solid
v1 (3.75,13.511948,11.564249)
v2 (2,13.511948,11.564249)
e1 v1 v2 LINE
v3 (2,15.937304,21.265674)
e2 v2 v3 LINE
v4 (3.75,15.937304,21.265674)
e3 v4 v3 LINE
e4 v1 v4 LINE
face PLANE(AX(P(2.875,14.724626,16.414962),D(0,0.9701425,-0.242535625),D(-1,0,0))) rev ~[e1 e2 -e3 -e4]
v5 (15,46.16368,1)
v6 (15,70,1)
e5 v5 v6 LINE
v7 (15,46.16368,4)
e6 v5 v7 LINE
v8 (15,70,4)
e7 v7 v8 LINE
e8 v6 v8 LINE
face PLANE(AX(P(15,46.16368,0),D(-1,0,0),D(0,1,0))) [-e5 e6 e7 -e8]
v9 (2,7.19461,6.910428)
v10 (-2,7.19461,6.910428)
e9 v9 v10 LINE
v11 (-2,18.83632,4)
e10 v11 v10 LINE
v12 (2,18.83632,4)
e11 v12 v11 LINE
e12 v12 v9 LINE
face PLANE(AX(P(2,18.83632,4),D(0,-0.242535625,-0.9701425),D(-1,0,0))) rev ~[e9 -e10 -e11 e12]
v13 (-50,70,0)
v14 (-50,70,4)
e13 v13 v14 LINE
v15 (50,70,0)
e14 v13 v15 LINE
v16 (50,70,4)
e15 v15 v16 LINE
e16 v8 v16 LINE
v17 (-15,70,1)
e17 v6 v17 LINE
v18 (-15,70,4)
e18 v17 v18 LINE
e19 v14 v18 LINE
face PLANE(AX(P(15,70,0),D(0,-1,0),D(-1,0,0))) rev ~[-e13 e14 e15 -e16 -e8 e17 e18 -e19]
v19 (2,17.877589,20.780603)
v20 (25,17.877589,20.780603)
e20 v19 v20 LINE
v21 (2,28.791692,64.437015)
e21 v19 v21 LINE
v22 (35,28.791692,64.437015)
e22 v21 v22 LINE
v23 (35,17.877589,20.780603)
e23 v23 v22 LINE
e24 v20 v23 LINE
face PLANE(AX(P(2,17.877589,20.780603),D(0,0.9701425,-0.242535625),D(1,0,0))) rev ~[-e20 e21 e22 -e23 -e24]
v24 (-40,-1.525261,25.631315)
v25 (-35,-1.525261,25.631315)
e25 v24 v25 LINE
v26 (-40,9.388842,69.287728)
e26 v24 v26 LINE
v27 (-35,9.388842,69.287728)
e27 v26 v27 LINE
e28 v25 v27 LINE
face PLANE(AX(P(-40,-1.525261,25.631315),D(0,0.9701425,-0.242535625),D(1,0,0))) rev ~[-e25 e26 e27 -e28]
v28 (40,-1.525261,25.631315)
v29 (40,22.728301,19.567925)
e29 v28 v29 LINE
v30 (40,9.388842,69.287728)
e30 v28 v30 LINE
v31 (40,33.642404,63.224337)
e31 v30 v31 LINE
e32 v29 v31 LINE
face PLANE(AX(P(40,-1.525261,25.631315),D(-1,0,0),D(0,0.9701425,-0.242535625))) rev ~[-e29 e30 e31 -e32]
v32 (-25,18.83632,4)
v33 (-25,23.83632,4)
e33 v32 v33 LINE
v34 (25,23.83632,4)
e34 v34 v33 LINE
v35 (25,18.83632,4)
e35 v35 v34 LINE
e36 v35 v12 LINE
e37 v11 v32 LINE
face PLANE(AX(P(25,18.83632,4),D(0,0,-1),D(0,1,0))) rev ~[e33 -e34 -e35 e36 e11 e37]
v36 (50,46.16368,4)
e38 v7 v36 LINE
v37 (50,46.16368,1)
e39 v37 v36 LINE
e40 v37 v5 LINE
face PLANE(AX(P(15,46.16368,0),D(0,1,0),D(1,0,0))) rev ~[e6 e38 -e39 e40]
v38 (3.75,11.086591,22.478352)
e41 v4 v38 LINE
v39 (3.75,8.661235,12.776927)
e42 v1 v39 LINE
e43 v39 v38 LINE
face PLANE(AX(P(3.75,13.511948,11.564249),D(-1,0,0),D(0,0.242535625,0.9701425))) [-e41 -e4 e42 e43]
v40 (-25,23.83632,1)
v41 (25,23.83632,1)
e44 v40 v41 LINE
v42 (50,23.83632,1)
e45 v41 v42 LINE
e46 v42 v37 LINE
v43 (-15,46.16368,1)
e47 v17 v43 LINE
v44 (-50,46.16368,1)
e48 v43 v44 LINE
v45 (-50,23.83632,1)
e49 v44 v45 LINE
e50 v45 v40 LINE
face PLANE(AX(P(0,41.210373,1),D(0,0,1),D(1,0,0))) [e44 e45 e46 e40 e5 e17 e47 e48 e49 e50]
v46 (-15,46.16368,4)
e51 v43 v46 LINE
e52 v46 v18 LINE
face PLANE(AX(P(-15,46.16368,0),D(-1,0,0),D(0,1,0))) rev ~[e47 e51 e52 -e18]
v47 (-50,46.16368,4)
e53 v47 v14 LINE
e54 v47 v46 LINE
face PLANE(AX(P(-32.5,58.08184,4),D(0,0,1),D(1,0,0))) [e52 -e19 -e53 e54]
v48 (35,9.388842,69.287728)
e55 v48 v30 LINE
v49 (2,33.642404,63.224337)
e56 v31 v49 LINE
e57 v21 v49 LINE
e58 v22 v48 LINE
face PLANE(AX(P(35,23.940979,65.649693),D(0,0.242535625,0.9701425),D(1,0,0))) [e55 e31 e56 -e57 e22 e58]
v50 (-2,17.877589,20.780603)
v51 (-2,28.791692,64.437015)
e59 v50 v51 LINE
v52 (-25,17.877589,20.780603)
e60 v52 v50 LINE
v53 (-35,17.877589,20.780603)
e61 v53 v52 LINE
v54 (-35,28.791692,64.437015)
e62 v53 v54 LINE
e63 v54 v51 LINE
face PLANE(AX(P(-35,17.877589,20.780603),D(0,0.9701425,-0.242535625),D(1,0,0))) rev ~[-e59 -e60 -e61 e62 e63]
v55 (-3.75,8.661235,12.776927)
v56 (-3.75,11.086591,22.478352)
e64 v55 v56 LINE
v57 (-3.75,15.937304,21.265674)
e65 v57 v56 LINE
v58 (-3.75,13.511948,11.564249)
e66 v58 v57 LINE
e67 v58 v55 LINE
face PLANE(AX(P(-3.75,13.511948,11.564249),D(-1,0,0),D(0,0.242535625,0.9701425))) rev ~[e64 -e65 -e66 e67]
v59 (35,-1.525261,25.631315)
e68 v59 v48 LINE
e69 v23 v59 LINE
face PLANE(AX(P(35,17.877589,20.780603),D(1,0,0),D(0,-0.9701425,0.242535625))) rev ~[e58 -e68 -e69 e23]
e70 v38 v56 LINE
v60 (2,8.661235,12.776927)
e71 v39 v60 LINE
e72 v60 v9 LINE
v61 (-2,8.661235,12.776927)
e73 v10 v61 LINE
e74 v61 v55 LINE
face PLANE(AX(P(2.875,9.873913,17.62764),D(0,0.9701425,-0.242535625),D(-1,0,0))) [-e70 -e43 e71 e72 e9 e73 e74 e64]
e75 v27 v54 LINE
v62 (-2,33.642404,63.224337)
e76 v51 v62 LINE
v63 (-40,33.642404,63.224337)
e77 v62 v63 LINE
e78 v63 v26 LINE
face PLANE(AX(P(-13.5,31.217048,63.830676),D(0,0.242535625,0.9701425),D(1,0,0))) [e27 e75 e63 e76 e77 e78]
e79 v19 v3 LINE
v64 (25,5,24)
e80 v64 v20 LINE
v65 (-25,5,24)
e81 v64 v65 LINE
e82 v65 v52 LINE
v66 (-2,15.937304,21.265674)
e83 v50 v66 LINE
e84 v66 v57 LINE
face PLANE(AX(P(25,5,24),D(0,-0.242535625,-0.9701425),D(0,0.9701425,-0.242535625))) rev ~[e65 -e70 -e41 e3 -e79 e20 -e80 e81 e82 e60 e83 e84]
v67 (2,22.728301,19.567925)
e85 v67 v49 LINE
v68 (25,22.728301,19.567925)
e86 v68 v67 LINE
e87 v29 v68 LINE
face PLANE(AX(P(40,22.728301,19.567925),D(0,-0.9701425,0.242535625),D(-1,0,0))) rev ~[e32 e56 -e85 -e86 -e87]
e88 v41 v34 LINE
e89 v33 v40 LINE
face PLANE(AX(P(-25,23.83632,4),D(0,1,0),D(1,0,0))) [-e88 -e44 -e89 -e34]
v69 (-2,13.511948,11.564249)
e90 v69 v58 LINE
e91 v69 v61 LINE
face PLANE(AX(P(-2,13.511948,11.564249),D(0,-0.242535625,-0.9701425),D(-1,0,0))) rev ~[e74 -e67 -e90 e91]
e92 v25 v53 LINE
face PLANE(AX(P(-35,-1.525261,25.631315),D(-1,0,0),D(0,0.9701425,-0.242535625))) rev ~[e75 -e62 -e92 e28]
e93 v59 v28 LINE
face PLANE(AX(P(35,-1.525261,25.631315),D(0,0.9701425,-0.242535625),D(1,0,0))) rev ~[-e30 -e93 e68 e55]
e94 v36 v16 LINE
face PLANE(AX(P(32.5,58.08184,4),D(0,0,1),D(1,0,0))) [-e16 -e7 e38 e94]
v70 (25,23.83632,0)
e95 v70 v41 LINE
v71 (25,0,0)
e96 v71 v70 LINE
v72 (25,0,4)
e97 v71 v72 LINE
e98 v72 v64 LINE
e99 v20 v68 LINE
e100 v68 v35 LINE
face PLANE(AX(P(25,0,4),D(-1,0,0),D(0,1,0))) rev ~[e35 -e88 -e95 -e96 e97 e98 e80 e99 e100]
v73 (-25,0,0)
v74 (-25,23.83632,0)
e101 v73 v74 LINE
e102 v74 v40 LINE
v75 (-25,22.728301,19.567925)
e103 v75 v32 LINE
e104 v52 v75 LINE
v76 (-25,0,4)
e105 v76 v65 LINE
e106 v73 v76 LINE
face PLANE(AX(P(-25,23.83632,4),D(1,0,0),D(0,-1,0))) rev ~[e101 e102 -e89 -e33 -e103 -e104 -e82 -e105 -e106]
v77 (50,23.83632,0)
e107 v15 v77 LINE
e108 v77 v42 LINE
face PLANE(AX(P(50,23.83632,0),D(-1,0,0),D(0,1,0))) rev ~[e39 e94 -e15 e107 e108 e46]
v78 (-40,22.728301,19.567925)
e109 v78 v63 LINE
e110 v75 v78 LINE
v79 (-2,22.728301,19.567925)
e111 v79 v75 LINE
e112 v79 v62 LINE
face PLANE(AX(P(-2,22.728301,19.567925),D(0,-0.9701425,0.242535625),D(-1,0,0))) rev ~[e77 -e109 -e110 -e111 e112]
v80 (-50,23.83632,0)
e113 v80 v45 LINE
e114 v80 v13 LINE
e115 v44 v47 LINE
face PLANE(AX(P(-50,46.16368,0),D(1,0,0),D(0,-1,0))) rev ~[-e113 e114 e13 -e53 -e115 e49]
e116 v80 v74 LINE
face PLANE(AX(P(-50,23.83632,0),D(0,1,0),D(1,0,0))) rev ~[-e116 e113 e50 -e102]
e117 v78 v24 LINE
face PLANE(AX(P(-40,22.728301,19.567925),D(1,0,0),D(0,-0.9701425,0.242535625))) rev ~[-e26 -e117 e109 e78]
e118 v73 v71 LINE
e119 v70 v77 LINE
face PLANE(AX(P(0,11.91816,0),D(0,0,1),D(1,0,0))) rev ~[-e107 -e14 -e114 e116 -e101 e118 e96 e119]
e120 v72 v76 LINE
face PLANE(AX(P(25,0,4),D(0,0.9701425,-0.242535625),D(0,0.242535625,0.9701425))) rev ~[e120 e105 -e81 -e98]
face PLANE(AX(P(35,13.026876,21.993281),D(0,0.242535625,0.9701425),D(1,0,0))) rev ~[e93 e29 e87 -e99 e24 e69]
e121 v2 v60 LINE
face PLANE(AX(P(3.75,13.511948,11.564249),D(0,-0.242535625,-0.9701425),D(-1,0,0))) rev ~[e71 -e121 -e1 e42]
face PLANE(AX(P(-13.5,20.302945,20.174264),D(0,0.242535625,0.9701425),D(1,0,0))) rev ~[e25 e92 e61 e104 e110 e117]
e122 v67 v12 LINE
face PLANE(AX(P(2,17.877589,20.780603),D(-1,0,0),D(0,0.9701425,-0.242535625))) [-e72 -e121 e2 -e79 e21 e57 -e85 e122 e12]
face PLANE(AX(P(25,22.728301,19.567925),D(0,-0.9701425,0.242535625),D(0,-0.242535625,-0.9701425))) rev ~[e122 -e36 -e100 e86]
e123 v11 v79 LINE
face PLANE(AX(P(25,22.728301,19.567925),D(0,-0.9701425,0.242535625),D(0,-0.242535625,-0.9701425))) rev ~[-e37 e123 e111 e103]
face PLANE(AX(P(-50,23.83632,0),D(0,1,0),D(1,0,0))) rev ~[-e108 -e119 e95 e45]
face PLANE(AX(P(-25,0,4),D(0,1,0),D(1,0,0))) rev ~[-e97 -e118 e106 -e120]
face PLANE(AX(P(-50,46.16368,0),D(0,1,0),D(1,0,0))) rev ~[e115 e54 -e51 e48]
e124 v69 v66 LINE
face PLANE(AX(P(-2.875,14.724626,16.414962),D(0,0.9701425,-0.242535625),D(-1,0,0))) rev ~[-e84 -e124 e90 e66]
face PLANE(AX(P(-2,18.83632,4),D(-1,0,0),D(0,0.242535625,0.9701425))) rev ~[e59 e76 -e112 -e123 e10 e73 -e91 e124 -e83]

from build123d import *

# Parameters (mm, degrees)
F1_DEPTH  = 1
F0_W      = 50
F0_H      = 23.8363201171
F0_W_2    = 35
F2_DEPTH  = 4
F3_W      = 50
F3_H      = 5
F3_H_2    = 13.8363201171
F4_DEPTH  = 20
F6_DEPTH  = 50
F7_W      = 4
F7_H      = 10
F7_H_2    = 6.0470494551
F8_DEPTH  = 12
F9_START  = -7
F7_W_2    = 1.75
F9_DEPTH  = 5
F10_W     = 23
F10_H     = 5
F11_DEPTH = 45


with BuildPart() as f1:
    # F0 (on Top) → F1 (new body)
    with BuildSketch(Plane.XY):
        Polygon((-50, 46.1636798829), (-50, 23.8363201171), (-25, 23.8363201171), (25, 23.8363201171), (50, 23.8363201171), (50, 46.1636798829), (15, 46.1636798829), (15, 70), (-15, 70), (-15, 46.1636798829), align=None)
    extrude(amount=F1_DEPTH)

    # F0 (on Top) → F2 (join)
    with BuildSketch(Plane.XY):
        with Locations((0, 11.9181600586)):
            Rectangle(F0_W, F0_H)
        with Locations((32.5, 58.0818399414)):
            Rectangle(F0_W_2, F0_H)
        with Locations((-32.5, 58.0818399414)):
            Rectangle(F0_W_2, F0_H)
    extrude(amount=F2_DEPTH)

    # F3 (on face) → F4 (join)
    with BuildSketch(Plane.XY.offset(4)):
        with Locations((0, 21.3363201171)):
            Rectangle(F3_W, F3_H)
        with Locations((0, 11.9181600586)):
            Rectangle(F3_W, F3_H_2)
        with Locations((0, 2.5)):
            Rectangle(F3_W, F3_H)
    extrude(amount=F4_DEPTH)

    # F5 (on face) → F6 (cut)
    with BuildSketch(Plane.YZ.offset(25)):
        Polygon((0, 24), (0, 4), (5, 24), align=None)
        Polygon((22.7283012867, 19.5679246783), (18.8363201171, 4), (23.8363201171, 4), (23.8363201171, 24), align=None)
        Polygon((23.8363201171, 24), (5, 24), (22.7283012867, 19.5679246783), align=None)
    extrude(amount=-F6_DEPTH, mode=Mode.SUBTRACT)

    # F7 (on face) → F8 (cut)
    with BuildSketch(Plane(origin=(0, 16.7871248161, -4.196781204), x_dir=(-1, 0, 0), z_dir=(0, 0.9701425001, -0.242535625))):
        with Locations((0, 19.4960981287)):
            Rectangle(F7_W, F7_H)
        with Locations((0, 11.4725734011)):
            Rectangle(F7_W, F7_H_2)
    extrude(amount=-F8_DEPTH, mode=Mode.SUBTRACT)

    # F7 (on face) → F9 (cut)
    with BuildSketch(Plane(origin=(0, 16.7871248161, -4.196781204), x_dir=(-1, 0, 0), z_dir=(0, 0.9701425001, -0.242535625)).offset(F9_START)):
        with Locations((2.875, 19.4960981287)):
            Rectangle(F7_W_2, F7_H)
        with Locations((-2.875, 19.4960981287)):
            Rectangle(F7_W_2, F7_H)
    extrude(amount=-F9_DEPTH, mode=Mode.SUBTRACT)

    # F10 (on face) → F11 (join)
    with BuildSketch(Plane(origin=(0, 5.9411764706, 23.7647058824), x_dir=(1, 0, 0), z_dir=(0, 0.242535625, 0.9701425001))):
        Polygon((40, 17.3037721918), (25, 17.3037721918), (25, 12.3037721918), (35, 12.3037721918), (35, -7.6962278082), (40, -7.6962278082), align=None)
        with Locations((13.5, 14.8037721918)):
            Rectangle(F10_W, F10_H)
        with Locations((-13.5, 14.8037721918)):
            Rectangle(F10_W, F10_H)
        Polygon((-25, 17.3037721918), (-40, 17.3037721918), (-40, -7.6962278082), (-35, -7.6962278082), (-35, 12.3037721918), (-25, 12.3037721918), align=None)
    extrude(amount=F11_DEPTH)


solid = f1.part
